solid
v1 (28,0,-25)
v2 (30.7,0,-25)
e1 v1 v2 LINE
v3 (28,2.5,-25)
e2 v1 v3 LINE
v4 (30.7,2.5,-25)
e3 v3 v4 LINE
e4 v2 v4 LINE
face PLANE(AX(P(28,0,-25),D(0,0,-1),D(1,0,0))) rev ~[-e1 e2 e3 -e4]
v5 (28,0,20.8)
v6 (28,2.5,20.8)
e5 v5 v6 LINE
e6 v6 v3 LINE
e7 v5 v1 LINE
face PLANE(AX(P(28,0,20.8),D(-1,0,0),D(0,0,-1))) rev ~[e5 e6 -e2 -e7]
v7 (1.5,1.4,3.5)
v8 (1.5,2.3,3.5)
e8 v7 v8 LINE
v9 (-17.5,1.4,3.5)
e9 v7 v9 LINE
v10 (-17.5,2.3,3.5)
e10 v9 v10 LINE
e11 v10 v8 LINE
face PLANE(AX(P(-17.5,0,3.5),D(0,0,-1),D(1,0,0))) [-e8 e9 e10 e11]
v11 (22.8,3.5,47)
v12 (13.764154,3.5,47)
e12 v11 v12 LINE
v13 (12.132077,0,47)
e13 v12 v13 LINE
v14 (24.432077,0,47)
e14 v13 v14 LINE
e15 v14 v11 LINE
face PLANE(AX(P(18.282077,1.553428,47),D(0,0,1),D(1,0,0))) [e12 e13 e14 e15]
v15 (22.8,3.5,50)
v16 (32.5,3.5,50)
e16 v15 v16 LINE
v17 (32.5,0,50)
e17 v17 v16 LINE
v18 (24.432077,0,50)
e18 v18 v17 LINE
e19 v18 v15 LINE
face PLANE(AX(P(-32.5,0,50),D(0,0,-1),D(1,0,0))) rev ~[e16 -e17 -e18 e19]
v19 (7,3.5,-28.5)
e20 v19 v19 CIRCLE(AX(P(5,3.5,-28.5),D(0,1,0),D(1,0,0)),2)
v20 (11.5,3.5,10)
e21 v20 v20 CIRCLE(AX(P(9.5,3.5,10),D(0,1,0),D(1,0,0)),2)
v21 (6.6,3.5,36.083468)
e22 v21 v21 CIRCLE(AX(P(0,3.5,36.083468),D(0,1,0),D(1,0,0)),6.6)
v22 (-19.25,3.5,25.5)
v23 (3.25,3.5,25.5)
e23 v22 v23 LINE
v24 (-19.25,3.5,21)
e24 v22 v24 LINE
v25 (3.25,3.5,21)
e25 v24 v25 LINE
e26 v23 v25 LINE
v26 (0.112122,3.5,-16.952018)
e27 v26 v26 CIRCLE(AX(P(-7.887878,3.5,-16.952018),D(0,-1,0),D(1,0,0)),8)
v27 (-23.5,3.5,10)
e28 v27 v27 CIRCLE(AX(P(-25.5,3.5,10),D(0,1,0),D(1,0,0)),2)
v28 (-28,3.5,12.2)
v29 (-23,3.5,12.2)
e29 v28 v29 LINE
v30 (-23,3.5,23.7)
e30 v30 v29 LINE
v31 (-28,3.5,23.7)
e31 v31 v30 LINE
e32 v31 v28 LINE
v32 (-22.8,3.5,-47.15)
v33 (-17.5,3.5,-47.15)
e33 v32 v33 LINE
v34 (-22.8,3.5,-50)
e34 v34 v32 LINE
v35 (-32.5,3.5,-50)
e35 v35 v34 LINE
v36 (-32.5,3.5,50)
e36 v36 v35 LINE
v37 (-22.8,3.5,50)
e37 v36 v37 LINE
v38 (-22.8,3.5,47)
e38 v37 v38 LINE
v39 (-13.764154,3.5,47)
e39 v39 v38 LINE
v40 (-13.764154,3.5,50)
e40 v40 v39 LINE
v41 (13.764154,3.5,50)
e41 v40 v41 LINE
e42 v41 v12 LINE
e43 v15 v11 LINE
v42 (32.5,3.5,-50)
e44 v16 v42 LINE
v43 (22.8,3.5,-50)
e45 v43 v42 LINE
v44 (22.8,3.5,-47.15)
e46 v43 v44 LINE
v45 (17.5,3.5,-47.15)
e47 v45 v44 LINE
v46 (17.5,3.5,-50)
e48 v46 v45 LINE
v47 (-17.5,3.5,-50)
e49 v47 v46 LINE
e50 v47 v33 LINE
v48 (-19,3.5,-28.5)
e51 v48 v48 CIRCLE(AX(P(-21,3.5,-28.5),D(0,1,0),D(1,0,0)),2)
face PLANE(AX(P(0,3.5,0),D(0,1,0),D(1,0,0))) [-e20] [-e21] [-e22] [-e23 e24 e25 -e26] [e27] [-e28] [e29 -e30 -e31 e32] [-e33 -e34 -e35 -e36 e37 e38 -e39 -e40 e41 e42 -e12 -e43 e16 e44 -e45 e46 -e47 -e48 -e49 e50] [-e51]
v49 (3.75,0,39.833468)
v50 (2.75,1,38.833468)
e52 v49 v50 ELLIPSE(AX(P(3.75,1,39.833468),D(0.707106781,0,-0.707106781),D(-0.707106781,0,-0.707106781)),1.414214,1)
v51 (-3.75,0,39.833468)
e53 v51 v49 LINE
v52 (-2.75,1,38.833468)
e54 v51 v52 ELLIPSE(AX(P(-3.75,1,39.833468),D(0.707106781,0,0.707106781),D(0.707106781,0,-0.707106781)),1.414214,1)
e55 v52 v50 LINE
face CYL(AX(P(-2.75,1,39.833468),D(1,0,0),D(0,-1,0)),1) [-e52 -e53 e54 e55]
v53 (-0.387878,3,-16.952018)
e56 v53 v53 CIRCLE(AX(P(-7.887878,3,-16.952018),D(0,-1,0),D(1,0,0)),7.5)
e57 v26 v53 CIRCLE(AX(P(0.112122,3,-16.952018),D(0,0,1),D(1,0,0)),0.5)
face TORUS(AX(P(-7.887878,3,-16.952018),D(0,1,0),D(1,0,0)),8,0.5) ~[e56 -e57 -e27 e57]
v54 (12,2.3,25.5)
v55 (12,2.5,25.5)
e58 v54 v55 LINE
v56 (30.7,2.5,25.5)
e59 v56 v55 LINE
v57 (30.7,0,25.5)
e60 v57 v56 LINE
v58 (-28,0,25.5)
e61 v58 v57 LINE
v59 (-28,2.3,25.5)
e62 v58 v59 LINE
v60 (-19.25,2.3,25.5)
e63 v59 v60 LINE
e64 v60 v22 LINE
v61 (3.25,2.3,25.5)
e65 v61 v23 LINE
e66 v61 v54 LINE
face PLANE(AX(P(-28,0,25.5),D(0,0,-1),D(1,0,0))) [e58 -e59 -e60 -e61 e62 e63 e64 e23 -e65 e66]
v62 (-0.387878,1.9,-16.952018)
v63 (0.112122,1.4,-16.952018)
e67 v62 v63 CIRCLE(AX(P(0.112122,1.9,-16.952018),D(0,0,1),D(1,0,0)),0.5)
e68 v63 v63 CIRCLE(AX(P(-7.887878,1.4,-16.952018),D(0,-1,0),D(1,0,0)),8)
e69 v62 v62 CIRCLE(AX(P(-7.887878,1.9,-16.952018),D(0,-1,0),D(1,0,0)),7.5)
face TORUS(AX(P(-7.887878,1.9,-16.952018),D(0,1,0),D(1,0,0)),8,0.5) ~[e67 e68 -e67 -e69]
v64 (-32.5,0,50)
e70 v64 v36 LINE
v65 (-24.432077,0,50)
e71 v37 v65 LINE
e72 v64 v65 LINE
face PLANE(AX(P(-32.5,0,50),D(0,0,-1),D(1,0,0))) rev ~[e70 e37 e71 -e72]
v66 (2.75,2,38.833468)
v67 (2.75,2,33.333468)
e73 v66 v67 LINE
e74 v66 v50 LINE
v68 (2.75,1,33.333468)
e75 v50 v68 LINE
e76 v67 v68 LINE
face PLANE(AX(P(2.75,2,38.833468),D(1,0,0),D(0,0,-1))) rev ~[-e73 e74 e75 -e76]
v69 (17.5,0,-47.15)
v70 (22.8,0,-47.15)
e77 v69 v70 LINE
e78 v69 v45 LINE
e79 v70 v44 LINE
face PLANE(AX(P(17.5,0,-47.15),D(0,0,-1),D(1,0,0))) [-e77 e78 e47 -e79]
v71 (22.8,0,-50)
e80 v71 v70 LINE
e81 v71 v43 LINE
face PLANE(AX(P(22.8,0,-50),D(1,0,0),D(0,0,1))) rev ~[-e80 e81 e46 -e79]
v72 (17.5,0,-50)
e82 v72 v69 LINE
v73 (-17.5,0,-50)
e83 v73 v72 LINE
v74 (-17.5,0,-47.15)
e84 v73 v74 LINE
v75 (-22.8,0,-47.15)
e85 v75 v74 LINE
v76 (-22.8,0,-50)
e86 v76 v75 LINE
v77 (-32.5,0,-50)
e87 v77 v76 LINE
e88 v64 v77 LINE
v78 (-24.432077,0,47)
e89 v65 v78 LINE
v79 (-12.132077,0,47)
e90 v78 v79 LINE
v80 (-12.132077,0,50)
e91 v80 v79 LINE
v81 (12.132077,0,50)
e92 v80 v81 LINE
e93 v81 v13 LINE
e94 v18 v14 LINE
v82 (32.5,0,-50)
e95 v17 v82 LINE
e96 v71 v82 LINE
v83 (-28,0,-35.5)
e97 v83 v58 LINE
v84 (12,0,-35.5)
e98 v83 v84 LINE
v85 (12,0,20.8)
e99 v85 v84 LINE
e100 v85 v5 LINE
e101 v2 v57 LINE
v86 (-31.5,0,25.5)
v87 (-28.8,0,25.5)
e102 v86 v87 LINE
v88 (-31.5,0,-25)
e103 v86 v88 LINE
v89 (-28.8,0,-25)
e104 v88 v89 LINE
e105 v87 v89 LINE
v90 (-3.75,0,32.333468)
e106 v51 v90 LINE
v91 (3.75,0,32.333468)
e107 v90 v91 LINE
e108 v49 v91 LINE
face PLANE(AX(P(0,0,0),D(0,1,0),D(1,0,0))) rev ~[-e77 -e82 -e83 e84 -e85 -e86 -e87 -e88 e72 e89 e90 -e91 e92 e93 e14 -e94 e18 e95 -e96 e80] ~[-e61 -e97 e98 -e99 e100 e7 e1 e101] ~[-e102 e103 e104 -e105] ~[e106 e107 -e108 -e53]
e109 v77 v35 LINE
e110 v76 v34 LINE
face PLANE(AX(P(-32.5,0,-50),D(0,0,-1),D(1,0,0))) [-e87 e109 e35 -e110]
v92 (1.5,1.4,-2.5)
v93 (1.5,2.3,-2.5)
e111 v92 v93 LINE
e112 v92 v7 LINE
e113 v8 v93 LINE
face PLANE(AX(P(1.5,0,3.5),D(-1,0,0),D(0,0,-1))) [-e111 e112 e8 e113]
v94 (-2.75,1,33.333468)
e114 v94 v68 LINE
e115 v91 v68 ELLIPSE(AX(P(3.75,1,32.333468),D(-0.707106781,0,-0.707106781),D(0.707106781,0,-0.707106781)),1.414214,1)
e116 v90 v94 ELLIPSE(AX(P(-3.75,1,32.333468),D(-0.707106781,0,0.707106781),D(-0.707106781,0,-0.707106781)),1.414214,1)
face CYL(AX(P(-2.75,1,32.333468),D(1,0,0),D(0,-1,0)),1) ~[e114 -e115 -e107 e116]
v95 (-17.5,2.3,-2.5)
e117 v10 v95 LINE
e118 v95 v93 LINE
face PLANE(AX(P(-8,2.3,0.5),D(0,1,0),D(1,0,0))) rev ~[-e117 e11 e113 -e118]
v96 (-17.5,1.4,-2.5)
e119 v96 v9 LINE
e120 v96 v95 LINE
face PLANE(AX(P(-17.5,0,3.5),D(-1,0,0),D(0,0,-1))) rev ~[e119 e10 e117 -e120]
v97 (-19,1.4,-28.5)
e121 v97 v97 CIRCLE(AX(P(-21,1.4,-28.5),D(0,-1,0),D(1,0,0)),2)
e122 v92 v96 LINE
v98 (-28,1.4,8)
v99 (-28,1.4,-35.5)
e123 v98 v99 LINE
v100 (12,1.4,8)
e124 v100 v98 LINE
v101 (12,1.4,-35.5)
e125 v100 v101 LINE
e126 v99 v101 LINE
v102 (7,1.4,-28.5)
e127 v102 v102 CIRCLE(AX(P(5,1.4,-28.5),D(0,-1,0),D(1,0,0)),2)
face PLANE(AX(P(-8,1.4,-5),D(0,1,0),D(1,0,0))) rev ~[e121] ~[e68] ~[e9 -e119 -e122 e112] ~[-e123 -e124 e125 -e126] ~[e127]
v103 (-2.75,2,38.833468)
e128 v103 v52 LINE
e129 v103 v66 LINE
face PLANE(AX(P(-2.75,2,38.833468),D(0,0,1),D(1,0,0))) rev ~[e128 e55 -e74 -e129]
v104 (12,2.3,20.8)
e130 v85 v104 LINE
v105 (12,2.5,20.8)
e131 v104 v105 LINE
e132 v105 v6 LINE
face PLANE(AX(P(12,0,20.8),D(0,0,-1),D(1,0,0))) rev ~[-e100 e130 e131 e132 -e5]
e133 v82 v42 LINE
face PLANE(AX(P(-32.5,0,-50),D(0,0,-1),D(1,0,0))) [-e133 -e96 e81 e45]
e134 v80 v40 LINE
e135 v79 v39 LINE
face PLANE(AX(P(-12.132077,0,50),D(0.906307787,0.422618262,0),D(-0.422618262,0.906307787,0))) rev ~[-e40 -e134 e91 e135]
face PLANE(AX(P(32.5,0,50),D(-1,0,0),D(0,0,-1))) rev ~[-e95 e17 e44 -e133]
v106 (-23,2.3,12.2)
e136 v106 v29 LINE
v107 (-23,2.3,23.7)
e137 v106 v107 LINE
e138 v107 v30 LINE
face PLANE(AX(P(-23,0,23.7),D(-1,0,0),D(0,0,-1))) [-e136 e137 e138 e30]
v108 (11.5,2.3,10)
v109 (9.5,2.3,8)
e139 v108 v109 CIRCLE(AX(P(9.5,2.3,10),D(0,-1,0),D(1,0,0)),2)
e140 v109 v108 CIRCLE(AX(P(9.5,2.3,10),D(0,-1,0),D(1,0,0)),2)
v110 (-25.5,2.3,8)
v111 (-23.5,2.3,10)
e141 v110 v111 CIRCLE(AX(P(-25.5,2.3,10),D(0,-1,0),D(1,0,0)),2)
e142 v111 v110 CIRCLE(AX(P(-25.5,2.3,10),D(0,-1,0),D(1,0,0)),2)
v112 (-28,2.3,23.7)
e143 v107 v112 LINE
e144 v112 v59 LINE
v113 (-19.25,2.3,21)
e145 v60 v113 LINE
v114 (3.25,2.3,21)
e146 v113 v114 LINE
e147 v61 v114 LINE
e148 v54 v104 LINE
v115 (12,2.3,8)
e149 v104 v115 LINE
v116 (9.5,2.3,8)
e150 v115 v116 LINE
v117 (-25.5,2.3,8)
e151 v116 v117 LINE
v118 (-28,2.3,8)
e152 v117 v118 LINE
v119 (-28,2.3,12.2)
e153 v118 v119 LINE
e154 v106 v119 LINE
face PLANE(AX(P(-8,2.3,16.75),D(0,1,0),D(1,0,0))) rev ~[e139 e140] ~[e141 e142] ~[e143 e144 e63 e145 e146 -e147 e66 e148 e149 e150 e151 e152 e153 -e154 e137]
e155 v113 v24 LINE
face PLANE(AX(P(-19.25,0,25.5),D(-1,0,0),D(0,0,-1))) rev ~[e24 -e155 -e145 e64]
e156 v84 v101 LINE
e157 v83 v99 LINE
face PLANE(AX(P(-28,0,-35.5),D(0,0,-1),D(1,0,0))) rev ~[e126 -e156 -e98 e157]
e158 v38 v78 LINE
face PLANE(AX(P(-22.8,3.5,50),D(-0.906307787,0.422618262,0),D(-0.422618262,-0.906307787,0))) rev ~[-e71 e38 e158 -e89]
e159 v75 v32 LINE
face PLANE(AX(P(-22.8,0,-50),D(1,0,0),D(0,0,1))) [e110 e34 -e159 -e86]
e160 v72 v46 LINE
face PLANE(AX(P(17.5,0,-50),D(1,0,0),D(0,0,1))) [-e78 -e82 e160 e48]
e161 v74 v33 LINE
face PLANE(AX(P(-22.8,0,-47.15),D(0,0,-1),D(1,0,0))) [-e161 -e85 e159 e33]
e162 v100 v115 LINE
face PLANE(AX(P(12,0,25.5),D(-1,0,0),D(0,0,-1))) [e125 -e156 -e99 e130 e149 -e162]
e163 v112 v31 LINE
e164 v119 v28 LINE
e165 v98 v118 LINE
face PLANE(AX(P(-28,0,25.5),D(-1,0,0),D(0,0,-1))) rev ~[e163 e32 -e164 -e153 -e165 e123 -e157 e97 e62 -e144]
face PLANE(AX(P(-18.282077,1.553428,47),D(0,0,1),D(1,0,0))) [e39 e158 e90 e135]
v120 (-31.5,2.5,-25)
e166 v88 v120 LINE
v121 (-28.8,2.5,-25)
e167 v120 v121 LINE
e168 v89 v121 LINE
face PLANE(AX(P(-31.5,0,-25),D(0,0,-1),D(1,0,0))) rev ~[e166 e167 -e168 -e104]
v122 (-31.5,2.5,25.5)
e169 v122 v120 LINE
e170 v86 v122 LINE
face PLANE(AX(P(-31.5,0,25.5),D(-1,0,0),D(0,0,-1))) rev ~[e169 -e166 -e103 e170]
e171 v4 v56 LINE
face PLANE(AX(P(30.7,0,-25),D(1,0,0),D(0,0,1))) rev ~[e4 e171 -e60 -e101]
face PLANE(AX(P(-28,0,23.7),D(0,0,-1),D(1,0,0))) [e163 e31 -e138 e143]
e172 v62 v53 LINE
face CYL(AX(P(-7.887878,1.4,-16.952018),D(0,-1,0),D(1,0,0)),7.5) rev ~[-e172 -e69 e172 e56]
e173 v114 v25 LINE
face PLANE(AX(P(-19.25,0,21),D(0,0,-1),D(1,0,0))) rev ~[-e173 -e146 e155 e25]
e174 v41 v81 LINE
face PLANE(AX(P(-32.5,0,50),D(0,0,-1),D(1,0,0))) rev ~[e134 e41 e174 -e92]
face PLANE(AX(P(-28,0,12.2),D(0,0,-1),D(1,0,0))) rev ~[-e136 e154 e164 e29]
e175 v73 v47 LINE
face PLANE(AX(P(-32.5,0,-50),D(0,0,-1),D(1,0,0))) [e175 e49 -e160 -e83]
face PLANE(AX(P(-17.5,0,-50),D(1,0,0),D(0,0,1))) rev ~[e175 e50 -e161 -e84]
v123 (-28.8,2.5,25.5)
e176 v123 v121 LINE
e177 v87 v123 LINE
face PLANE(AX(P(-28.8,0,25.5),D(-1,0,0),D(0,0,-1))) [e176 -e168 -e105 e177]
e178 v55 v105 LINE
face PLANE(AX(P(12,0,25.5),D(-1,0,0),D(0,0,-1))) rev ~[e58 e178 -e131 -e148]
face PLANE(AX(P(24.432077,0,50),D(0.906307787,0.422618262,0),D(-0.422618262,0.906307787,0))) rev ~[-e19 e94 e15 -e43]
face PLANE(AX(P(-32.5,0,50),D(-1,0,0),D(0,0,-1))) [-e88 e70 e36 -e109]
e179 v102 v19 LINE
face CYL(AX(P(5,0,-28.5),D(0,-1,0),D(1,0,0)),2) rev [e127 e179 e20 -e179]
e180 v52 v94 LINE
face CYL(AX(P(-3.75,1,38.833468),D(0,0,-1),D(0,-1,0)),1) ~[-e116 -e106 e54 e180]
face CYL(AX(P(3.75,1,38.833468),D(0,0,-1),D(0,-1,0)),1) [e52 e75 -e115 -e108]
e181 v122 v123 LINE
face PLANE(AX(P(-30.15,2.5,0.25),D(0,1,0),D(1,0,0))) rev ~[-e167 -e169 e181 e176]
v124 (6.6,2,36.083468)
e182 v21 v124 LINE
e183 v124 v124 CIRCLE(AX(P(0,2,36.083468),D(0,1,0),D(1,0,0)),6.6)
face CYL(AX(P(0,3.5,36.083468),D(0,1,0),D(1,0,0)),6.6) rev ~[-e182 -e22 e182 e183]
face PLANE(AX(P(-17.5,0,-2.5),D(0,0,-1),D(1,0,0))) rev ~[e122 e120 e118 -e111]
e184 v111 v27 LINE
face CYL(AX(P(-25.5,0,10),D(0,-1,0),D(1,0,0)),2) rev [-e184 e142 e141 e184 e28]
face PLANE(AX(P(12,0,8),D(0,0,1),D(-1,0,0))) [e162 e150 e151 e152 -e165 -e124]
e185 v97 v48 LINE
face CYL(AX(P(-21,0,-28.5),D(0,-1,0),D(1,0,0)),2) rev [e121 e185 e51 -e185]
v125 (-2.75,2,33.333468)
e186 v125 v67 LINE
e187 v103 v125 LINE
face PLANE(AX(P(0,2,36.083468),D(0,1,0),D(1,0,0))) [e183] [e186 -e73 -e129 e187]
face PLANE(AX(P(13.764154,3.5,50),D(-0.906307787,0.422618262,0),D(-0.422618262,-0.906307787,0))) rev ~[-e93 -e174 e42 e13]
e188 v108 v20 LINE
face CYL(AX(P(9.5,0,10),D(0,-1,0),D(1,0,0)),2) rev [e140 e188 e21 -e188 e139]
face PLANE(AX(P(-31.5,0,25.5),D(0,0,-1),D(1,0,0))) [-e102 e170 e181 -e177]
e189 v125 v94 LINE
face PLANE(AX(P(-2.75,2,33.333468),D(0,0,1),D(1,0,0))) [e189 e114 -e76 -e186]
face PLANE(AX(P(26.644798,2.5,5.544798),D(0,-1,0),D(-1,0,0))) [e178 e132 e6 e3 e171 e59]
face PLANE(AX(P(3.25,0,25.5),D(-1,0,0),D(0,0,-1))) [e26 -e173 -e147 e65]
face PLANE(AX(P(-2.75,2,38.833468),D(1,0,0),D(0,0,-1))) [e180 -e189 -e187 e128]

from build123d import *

# Parameters (mm, degrees)
SKETCH1_W                = 65
SKETCH1_H                = 100
BOSS_EXTRUDE1_DEPTH      = 3.5
SKETCH2_W                = 40
SKETCH2_H                = 61
CUT_EXTRUDE1_DEPTH       = 1.4
SKETCH3_R                = 2
CUT_EXTRUDE3_DEPTH       = 3.5
SKETCH4_R                = 2
CUT_EXTRUDE5_DEPTH       = 3.5
SKETCH6_R                = 2
CUT_EXTRUDE6_DEPTH       = 3.5
SKETCH7_R                = 2
CUT_EXTRUDE7_DEPTH       = 3.5
SKETCH9_W                = 19
SKETCH9_H                = 6
CUT_EXTRUDE9_DEPTH       = 2.3
SKETCH10_W               = 22.5
SKETCH10_H               = 4.5
CUT_EXTRUDE10_DEPTH      = 3.5
CUT_EXTRUDE11_DEPTH      = 2.3
CUT_EXTRUDE15_DEPTH      = 2.5
SKETCH18_W               = 2.7
SKETCH18_H               = 50.5
CUT_EXTRUDE18_DEPTH      = 2.5
SKETCH8_W                = 5
SKETCH8_H                = 11.5
CUT_EXTRUDE25_DEPTH      = 3.5
SKETCH20_R               = 7.5
CUT_EXTRUDE27_DEPTH      = 2.4
CUT_EXTRUDE27_DEPTH_BACK = 3.1
SKETCH21_W               = 5.3
SKETCH21_H               = 2.85
CUT_EXTRUDE28_DEPTH      = 3.5
CUT_EXTRUDE30_DEPTH      = 3
FILLET2_R                = 0.5
SKETCH27_R               = 6.6
CUT_EXTRUDE32_DEPTH      = 1.5
SKETCH28_W               = 5.5
SKETCH28_H               = 5.5
CUT_EXTRUDE33_DEPTH      = 3
FILLET4_R                = 1


with BuildPart() as part:
    # Sketch1 → Boss-Extrude1 (new body)
    with BuildSketch(Plane(origin=(0, 0, 0), x_dir=(1, 0, 0), z_dir=(0, 1, 0))):
        Rectangle(SKETCH1_W, SKETCH1_H)
    extrude(amount=BOSS_EXTRUDE1_DEPTH)

    # Sketch2 → Cut-Extrude1 (cut)
    with BuildSketch(Plane(origin=(0, 0, 0), x_dir=(1, 0, 0), z_dir=(0, 1, 0))):
        with Locations((-8, 5)):
            Rectangle(SKETCH2_W, SKETCH2_H)
    extrude(amount=CUT_EXTRUDE1_DEPTH, mode=Mode.SUBTRACT)

    # Sketch3 → Cut-Extrude3 (cut)
    with BuildSketch(Plane(origin=(0, 0, 0), x_dir=(1, 0, 0), z_dir=(0, 1, 0))):
        with Locations((-21, 28.5)):
            Circle(SKETCH3_R)
    extrude(amount=CUT_EXTRUDE3_DEPTH, mode=Mode.SUBTRACT)

    # Sketch4 → Cut-Extrude5 (cut)
    with BuildSketch(Plane(origin=(0, 0, 0), x_dir=(1, 0, 0), z_dir=(0, 1, 0))):
        with Locations((5, 28.5)):
            Circle(SKETCH4_R)
    extrude(amount=CUT_EXTRUDE5_DEPTH, mode=Mode.SUBTRACT)

    # Sketch6 → Cut-Extrude6 (cut)
    with BuildSketch(Plane(origin=(0, 0, 0), x_dir=(1, 0, 0), z_dir=(0, 1, 0))):
        with Locations((-25.5, -10)):
            Circle(SKETCH6_R)
    extrude(amount=CUT_EXTRUDE6_DEPTH, mode=Mode.SUBTRACT)

    # Sketch7 → Cut-Extrude7 (cut)
    with BuildSketch(Plane(origin=(0, 0, 0), x_dir=(1, 0, 0), z_dir=(0, 1, 0))):
        with Locations((9.5, -10)):
            Circle(SKETCH7_R)
    extrude(amount=CUT_EXTRUDE7_DEPTH, mode=Mode.SUBTRACT)

    # Sketch9 → Cut-Extrude9 (cut)
    with BuildSketch(Plane(origin=(0, 0, 0), x_dir=(1, 0, 0), z_dir=(0, 1, 0))):
        with Locations((-8, -0.5)):
            Rectangle(SKETCH9_W, SKETCH9_H)
    extrude(amount=CUT_EXTRUDE9_DEPTH, mode=Mode.SUBTRACT)

    # Sketch10 → Cut-Extrude10 (cut)
    with BuildSketch(Plane(origin=(0, 0, 0), x_dir=(1, 0, 0), z_dir=(0, 1, 0))):
        with Locations((-8, -23.25)):
            Rectangle(SKETCH10_W, SKETCH10_H)
    extrude(amount=CUT_EXTRUDE10_DEPTH, mode=Mode.SUBTRACT)

    # Sketch11 → Cut-Extrude11 (cut)
    with BuildSketch(Plane(origin=(0, 0, 0), x_dir=(1, 0, 0), z_dir=(0, 1, 0))):
        Polygon((-28, -25.5), (3.25, -25.5), (12, -25.5), (12, -21), (12, -8), (-28, -8), align=None)
    extrude(amount=CUT_EXTRUDE11_DEPTH, mode=Mode.SUBTRACT)

    # Sketch12 → Cut-Extrude15 (cut)
    with BuildSketch(Plane(origin=(0, 0, 0), x_dir=(1, 0, 0), z_dir=(0, 1, 0))):
        Polygon((28, -20.8), (28, 25), (30.7, 25), (30.7, -25.5), (12, -25.5), (12, -20.8), align=None)
    extrude(amount=CUT_EXTRUDE15_DEPTH, mode=Mode.SUBTRACT)

    # Sketch18 → Cut-Extrude18 (cut)
    with BuildSketch(Plane(origin=(0, 0, 0), x_dir=(1, 0, 0), z_dir=(0, 1, 0))):
        with Locations((-30.15, -0.25)):
            Rectangle(SKETCH18_W, SKETCH18_H)
    extrude(amount=CUT_EXTRUDE18_DEPTH, mode=Mode.SUBTRACT)

    # Sketch8 → Cut-Extrude25 (cut)
    with BuildSketch(Plane(origin=(0, 0, 0), x_dir=(1, 0, 0), z_dir=(0, 1, 0))):
        with Locations((-25.5, -17.95)):
            Rectangle(SKETCH8_W, SKETCH8_H)
    extrude(amount=CUT_EXTRUDE25_DEPTH, mode=Mode.SUBTRACT)

    # Sketch20 → Cut-Extrude27 (cut, two sides)
    with BuildSketch(Plane.XZ.offset(-1.4)) as cut_extrude27_sk:
        with Locations((-7.887877966, -16.952018436)):
            Circle(SKETCH20_R)
    extrude(amount=CUT_EXTRUDE27_DEPTH, mode=Mode.SUBTRACT)
    extrude(cut_extrude27_sk.sketch, amount=-CUT_EXTRUDE27_DEPTH_BACK, mode=Mode.SUBTRACT)

    # Sketch21 → Cut-Extrude28 (cut)
    with BuildSketch(Plane.XZ):
        with Locations((-20.15, -48.575)):
            Rectangle(SKETCH21_W, SKETCH21_H)
        with Locations((20.15, -48.575)):
            Rectangle(SKETCH21_W, SKETCH21_H)
    extrude(amount=-CUT_EXTRUDE28_DEPTH, mode=Mode.SUBTRACT)

    # Sketch25 → Cut-Extrude30 (cut)
    with BuildSketch(Plane.XY.offset(50)):
        Polygon((22.8, 3.5), (13.764153607, 3.5), (12.132076804, 0), (24.432076804, 0), align=None)
        Polygon((-22.8, 3.5), (-24.432076804, 0), (-12.132076804, 0), (-13.764153607, 3.5), align=None)
    extrude(amount=-CUT_EXTRUDE30_DEPTH, mode=Mode.SUBTRACT)

    # Fillet2
    fillet2_edges = [part.edges().sort_by_distance(p)[0] for p in [
        (-15.387877966, 1.4, -16.952018436),
        (-15.387877966, 3.5, -16.952018436),
    ]]
    fillet(fillet2_edges, radius=FILLET2_R)

    # Sketch27 → Cut-Extrude32 (cut)
    with BuildSketch(Plane(origin=(0, 3.5, 0), x_dir=(1, 0, 0), z_dir=(0, 1, 0))):
        with Locations((0, -36.08346839)):
            Circle(SKETCH27_R)
    extrude(amount=-CUT_EXTRUDE32_DEPTH, mode=Mode.SUBTRACT)

    # Sketch28 → Cut-Extrude33 (cut, through all)
    with BuildSketch(Plane(origin=(0, 2, 0), x_dir=(1, 0, 0), z_dir=(0, 1, 0))):
        with Locations((0, -36.08346839)):
            Rectangle(SKETCH28_W, SKETCH28_H)
    extrude(amount=-CUT_EXTRUDE33_DEPTH, mode=Mode.SUBTRACT)

    # Fillet4
    fillet4_edges = [part.edges().sort_by_distance(p)[0] for p in [
        (2.75, 0, 36.08346839),
        (0, 0, 38.83346839),
        (-2.75, 0, 36.08346839),
        (0, 0, 33.33346839),
    ]]
    fillet(fillet4_edges, radius=FILLET4_R)


solid = part.part
